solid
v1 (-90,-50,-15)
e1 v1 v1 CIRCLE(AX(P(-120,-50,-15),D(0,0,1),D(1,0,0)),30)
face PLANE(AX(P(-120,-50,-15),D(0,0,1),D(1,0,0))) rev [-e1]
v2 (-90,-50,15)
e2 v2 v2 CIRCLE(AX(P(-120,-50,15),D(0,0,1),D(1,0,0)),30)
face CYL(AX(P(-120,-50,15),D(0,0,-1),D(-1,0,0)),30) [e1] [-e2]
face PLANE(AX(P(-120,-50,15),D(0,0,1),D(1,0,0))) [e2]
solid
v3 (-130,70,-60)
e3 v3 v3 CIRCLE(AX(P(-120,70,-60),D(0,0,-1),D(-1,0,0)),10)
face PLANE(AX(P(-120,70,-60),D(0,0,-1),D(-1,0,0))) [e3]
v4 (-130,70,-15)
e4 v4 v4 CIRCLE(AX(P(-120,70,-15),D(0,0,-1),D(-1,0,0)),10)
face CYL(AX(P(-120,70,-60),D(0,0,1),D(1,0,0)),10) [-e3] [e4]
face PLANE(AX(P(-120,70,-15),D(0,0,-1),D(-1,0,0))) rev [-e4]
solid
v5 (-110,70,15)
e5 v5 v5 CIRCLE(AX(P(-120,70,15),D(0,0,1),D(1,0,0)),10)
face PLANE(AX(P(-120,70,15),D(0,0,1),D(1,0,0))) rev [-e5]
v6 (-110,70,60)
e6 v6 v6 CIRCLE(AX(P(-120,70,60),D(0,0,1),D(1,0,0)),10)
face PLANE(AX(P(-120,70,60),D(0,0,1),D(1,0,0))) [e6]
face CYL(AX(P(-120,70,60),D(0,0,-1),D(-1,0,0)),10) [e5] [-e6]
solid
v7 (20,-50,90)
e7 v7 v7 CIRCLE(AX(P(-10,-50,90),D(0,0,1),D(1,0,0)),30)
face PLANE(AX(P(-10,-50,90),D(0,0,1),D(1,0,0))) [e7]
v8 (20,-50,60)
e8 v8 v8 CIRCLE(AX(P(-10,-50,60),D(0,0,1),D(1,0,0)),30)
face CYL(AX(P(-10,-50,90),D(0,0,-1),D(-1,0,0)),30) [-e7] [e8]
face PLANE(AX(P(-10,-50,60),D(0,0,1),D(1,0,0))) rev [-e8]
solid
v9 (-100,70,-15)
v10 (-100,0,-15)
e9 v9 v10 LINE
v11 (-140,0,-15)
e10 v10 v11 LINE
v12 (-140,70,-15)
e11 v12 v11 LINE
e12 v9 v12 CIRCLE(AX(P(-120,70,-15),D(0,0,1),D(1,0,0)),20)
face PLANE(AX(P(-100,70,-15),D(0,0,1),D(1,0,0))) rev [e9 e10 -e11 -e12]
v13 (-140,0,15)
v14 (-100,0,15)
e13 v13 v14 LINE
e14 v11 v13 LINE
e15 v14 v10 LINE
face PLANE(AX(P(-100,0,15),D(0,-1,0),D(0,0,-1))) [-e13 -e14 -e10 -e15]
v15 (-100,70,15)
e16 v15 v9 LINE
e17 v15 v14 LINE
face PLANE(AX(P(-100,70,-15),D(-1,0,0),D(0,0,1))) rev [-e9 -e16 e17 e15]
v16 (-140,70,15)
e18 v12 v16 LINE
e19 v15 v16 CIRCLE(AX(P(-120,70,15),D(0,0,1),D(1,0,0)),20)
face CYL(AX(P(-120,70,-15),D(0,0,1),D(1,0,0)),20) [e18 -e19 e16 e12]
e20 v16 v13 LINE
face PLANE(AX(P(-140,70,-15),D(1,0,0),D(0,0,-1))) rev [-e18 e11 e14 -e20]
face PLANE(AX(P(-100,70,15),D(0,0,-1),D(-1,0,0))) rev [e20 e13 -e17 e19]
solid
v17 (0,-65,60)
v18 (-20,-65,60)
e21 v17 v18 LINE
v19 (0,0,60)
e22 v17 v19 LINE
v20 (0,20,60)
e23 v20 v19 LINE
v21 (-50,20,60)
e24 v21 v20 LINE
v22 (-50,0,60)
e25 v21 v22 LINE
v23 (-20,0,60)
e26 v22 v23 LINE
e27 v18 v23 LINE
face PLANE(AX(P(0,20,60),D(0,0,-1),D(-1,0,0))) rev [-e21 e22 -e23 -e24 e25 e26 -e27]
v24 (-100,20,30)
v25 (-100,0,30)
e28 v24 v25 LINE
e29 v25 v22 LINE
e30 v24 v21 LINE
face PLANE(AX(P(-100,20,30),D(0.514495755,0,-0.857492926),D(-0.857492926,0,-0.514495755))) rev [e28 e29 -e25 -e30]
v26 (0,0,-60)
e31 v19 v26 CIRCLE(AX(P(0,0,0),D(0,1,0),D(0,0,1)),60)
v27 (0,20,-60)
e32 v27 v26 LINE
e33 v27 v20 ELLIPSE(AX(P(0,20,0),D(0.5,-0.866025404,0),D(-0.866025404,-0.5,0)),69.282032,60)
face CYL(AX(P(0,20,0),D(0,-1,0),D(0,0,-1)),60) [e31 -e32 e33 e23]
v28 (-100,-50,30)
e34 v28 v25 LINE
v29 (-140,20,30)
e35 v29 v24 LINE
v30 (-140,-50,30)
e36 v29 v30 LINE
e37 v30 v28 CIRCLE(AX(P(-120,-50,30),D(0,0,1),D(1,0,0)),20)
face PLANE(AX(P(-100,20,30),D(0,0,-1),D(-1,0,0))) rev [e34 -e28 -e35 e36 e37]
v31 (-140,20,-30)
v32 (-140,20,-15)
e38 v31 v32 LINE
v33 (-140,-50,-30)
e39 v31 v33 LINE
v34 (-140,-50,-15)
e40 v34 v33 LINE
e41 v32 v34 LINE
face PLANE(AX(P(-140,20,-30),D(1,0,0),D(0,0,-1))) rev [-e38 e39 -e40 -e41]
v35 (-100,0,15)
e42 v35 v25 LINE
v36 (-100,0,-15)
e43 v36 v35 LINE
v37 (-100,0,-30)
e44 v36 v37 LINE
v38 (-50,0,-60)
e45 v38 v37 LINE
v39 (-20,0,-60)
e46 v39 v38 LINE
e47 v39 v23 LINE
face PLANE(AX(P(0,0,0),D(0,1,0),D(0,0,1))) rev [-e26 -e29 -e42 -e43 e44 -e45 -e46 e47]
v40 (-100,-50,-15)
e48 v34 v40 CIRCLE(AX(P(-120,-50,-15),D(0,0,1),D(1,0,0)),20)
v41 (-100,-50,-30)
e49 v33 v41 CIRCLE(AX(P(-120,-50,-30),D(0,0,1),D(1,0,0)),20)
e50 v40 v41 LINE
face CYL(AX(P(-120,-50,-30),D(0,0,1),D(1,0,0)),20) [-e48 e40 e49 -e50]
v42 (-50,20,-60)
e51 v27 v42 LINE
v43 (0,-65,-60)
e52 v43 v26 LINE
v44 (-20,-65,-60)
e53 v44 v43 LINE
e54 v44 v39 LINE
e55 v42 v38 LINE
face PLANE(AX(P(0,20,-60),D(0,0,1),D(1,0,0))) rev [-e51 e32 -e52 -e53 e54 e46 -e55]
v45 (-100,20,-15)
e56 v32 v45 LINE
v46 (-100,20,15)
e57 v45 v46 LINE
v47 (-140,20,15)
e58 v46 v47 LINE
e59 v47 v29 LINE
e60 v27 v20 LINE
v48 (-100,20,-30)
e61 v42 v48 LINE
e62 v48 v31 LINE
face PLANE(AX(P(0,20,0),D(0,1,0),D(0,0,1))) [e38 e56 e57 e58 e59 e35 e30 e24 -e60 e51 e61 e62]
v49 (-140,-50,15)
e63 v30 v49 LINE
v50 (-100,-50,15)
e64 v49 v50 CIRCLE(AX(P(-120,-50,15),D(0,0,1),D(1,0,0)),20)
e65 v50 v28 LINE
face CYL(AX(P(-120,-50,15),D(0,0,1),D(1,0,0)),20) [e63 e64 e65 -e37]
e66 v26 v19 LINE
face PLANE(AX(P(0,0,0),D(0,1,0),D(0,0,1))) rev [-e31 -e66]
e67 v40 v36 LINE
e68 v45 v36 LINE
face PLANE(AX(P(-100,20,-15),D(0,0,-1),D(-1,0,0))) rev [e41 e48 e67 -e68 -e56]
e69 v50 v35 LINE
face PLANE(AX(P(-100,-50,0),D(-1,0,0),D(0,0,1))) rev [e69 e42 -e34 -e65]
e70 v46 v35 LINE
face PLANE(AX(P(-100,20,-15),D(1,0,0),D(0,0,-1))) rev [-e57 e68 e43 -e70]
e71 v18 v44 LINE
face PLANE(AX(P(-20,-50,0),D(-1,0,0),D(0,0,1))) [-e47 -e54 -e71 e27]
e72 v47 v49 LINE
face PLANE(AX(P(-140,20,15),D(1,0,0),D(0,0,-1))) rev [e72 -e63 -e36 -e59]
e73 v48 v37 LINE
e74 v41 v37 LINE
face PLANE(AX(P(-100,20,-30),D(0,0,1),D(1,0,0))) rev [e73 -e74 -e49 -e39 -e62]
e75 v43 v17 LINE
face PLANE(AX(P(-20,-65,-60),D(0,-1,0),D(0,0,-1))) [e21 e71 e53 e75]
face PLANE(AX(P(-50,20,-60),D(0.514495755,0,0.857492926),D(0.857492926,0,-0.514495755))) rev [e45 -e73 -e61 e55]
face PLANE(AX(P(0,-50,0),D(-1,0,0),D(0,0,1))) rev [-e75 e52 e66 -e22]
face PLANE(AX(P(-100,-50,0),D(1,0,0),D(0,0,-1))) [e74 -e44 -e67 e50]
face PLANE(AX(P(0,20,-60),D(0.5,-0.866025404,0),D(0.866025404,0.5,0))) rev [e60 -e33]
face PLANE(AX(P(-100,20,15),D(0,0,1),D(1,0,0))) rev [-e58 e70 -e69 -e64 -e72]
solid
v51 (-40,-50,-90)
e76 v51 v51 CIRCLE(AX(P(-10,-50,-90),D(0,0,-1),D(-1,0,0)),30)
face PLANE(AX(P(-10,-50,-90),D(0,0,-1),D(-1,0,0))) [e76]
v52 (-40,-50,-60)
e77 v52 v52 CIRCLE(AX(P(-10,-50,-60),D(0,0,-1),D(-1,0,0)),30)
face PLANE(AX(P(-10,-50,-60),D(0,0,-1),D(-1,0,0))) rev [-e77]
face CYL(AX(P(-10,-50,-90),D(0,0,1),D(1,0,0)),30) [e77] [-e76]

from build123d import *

# Parameters (mm, degrees)
EXTRUDE1_DEPTH       = 20
EXTRUDE2_DEPTH       = 40
CUT_EXTRUDE1_DEPTH   = 60
SKETCH5_W            = 20
SKETCH5_H            = 120
SKETCH5_W_2          = 40
SKETCH5_H_2          = 15
EXTRUDE3_DEPTH       = 50
SKETCH6_W            = 20
SKETCH6_H            = 120
EXTRUDE4_DEPTH       = 15
SKETCH7_R            = 20
EXTRUDE5_DEPTH       = 15
SKETCH8_R            = 20
EXTRUDE6_DEPTH       = 15
SKETCH9_R            = 30
EXTRUDE7_DEPTH       = 30
SKETCH10_R           = 30
EXTRUDE8_DEPTH       = 30
SKETCH12_R           = 30
EXTRUDE9_DEPTH       = 30
SKETCH13_W           = 40
SKETCH13_H           = 30
EXTRUDE10_DEPTH      = 50
EXTRUDE10_DEPTH_BACK = 20
SKETCH14_R           = 20
EXTRUDE12_DEPTH      = 30
SKETCH15_R           = 10
EXTRUDE13_DEPTH      = 45
SKETCH16_R           = 10
EXTRUDE14_DEPTH      = 45


with BuildPart() as part:
    # Sketch1 → Extrude1 (new body)
    with BuildSketch(Plane(origin=(0, 0, 0), x_dir=(1, 0, 0), z_dir=(0, 1, 0))):
        with BuildLine():
            Line((0, -60), (-50, -60))
            Line((-50, -60), (-100, -30))
            Line((-100, -30), (-140, -30))
            Line((-140, -30), (-140, -15))
            Line((-140, -15), (-100, -15))
            Line((-100, -15), (-100, 15))
            Line((-100, 15), (-140, 15))
            Line((-140, 15), (-140, 30))
            Line((-140, 30), (-100, 30))
            Line((-100, 30), (-50, 60))
            Line((-50, 60), (0, 60))
            ThreePointArc((0, 60), (60, 0), (0, -60))
        make_face()
    extrude(amount=EXTRUDE1_DEPTH)

    # Sketch2 → Extrude2 (add)
    with BuildSketch(Plane(origin=(0, 20, 0), x_dir=(-1, 0, 0), z_dir=(0, 1, 0))):
        with BuildLine():
            Line((0, -60), (0, 60))
            ThreePointArc((0, 60), (-60, 0), (0, -60))
        make_face()
    extrude(amount=EXTRUDE2_DEPTH)

    # Sketch4 → Cut-Extrude1 (cut, symmetric)
    with BuildSketch(Plane.XY):
        Polygon((0, 20), (76.102453908, 63.93777225), (55, 100.488294582), (-21.102453908, 56.550522332), align=None)
    extrude(amount=CUT_EXTRUDE1_DEPTH, both=True, mode=Mode.SUBTRACT)

    # Sketch5 → Extrude3 (add)
    with BuildSketch(Plane.XZ):
        with Locations((-10, 0)):
            Rectangle(SKETCH5_W, SKETCH5_H)
        with Locations((-120, 22.5)):
            Rectangle(SKETCH5_W_2, SKETCH5_H_2)
        with Locations((-120, -22.5)):
            Rectangle(SKETCH5_W_2, SKETCH5_H_2)
    extrude(amount=EXTRUDE3_DEPTH)

    # Sketch6 → Extrude4 (add)
    with BuildSketch(Plane.XZ.offset(50)):
        with Locations((-10, 0)):
            Rectangle(SKETCH6_W, SKETCH6_H)
    extrude(amount=EXTRUDE4_DEPTH)

    # Sketch7 → Extrude5 (add)
    with BuildSketch(Plane.XY.offset(30)):
        with Locations((-120, -50)):
            Circle(SKETCH7_R)
    extrude(amount=-EXTRUDE5_DEPTH)

    # Sketch8 → Extrude6 (add)
    with BuildSketch(Plane.XY.offset(-15)):
        with Locations((-120, -50)):
            Circle(SKETCH8_R)
    extrude(amount=-EXTRUDE6_DEPTH)


with BuildPart() as body_2:
    # Sketch9 → Extrude7 (new body)
    with BuildSketch(Plane.XY.offset(60)):
        with Locations((-10, -50)):
            Circle(SKETCH9_R)
    extrude(amount=EXTRUDE7_DEPTH)


with BuildPart() as body_3:
    # Sketch10 → Extrude8 (new body)
    with BuildSketch(Plane(origin=(0, 0, -60), x_dir=(-1, 0, 0), z_dir=(0, 0, -1))):
        with Locations((10, -50)):
            Circle(SKETCH10_R)
    extrude(amount=EXTRUDE8_DEPTH)


with BuildPart() as body_4:
    # Sketch12 → Extrude9 (new body)
    with BuildSketch(Plane.XY.offset(-15)):
        with Locations((-120, -50)):
            Circle(SKETCH12_R)
    extrude(amount=EXTRUDE9_DEPTH)


with BuildPart() as body_5:
    # Sketch13 → Extrude10 (new body, two sides)
    with BuildSketch(Plane(origin=(0, 20, 0), x_dir=(-1, 0, 0), z_dir=(0, 1, 0))) as extrude10_sk:
        with Locations((120, 0)):
            Rectangle(SKETCH13_W, SKETCH13_H)
    extrude(amount=EXTRUDE10_DEPTH)
    extrude(extrude10_sk.sketch, amount=-EXTRUDE10_DEPTH_BACK)


with BuildPart() as body_6:
    # Sketch14 → Extrude12 (new body)
    with BuildSketch(Plane.XY.offset(15)):
        with Locations((-120, 70)):
            Circle(SKETCH14_R)
    extrude(amount=-EXTRUDE12_DEPTH)


with BuildPart() as body_5_1:
    add(body_5.part)

    # Combine1: union body 6
    add(body_6.part)


with BuildPart() as body_6_2:
    # Sketch15 → Extrude13 (new body)
    with BuildSketch(Plane.XY.offset(15)):
        with Locations((-120, 70)):
            Circle(SKETCH15_R)
    extrude(amount=EXTRUDE13_DEPTH)


with BuildPart() as body_7:
    # Sketch16 → Extrude14 (new body)
    with BuildSketch(Plane(origin=(0, 0, -15), x_dir=(-1, 0, 0), z_dir=(0, 0, -1))):
        with Locations((120, 70)):
            Circle(SKETCH16_R)
    extrude(amount=EXTRUDE14_DEPTH)


solid = Compound([part.part, body_2.part, body_3.part, body_4.part, body_5_1.part, body_6_2.part, body_7.part])
